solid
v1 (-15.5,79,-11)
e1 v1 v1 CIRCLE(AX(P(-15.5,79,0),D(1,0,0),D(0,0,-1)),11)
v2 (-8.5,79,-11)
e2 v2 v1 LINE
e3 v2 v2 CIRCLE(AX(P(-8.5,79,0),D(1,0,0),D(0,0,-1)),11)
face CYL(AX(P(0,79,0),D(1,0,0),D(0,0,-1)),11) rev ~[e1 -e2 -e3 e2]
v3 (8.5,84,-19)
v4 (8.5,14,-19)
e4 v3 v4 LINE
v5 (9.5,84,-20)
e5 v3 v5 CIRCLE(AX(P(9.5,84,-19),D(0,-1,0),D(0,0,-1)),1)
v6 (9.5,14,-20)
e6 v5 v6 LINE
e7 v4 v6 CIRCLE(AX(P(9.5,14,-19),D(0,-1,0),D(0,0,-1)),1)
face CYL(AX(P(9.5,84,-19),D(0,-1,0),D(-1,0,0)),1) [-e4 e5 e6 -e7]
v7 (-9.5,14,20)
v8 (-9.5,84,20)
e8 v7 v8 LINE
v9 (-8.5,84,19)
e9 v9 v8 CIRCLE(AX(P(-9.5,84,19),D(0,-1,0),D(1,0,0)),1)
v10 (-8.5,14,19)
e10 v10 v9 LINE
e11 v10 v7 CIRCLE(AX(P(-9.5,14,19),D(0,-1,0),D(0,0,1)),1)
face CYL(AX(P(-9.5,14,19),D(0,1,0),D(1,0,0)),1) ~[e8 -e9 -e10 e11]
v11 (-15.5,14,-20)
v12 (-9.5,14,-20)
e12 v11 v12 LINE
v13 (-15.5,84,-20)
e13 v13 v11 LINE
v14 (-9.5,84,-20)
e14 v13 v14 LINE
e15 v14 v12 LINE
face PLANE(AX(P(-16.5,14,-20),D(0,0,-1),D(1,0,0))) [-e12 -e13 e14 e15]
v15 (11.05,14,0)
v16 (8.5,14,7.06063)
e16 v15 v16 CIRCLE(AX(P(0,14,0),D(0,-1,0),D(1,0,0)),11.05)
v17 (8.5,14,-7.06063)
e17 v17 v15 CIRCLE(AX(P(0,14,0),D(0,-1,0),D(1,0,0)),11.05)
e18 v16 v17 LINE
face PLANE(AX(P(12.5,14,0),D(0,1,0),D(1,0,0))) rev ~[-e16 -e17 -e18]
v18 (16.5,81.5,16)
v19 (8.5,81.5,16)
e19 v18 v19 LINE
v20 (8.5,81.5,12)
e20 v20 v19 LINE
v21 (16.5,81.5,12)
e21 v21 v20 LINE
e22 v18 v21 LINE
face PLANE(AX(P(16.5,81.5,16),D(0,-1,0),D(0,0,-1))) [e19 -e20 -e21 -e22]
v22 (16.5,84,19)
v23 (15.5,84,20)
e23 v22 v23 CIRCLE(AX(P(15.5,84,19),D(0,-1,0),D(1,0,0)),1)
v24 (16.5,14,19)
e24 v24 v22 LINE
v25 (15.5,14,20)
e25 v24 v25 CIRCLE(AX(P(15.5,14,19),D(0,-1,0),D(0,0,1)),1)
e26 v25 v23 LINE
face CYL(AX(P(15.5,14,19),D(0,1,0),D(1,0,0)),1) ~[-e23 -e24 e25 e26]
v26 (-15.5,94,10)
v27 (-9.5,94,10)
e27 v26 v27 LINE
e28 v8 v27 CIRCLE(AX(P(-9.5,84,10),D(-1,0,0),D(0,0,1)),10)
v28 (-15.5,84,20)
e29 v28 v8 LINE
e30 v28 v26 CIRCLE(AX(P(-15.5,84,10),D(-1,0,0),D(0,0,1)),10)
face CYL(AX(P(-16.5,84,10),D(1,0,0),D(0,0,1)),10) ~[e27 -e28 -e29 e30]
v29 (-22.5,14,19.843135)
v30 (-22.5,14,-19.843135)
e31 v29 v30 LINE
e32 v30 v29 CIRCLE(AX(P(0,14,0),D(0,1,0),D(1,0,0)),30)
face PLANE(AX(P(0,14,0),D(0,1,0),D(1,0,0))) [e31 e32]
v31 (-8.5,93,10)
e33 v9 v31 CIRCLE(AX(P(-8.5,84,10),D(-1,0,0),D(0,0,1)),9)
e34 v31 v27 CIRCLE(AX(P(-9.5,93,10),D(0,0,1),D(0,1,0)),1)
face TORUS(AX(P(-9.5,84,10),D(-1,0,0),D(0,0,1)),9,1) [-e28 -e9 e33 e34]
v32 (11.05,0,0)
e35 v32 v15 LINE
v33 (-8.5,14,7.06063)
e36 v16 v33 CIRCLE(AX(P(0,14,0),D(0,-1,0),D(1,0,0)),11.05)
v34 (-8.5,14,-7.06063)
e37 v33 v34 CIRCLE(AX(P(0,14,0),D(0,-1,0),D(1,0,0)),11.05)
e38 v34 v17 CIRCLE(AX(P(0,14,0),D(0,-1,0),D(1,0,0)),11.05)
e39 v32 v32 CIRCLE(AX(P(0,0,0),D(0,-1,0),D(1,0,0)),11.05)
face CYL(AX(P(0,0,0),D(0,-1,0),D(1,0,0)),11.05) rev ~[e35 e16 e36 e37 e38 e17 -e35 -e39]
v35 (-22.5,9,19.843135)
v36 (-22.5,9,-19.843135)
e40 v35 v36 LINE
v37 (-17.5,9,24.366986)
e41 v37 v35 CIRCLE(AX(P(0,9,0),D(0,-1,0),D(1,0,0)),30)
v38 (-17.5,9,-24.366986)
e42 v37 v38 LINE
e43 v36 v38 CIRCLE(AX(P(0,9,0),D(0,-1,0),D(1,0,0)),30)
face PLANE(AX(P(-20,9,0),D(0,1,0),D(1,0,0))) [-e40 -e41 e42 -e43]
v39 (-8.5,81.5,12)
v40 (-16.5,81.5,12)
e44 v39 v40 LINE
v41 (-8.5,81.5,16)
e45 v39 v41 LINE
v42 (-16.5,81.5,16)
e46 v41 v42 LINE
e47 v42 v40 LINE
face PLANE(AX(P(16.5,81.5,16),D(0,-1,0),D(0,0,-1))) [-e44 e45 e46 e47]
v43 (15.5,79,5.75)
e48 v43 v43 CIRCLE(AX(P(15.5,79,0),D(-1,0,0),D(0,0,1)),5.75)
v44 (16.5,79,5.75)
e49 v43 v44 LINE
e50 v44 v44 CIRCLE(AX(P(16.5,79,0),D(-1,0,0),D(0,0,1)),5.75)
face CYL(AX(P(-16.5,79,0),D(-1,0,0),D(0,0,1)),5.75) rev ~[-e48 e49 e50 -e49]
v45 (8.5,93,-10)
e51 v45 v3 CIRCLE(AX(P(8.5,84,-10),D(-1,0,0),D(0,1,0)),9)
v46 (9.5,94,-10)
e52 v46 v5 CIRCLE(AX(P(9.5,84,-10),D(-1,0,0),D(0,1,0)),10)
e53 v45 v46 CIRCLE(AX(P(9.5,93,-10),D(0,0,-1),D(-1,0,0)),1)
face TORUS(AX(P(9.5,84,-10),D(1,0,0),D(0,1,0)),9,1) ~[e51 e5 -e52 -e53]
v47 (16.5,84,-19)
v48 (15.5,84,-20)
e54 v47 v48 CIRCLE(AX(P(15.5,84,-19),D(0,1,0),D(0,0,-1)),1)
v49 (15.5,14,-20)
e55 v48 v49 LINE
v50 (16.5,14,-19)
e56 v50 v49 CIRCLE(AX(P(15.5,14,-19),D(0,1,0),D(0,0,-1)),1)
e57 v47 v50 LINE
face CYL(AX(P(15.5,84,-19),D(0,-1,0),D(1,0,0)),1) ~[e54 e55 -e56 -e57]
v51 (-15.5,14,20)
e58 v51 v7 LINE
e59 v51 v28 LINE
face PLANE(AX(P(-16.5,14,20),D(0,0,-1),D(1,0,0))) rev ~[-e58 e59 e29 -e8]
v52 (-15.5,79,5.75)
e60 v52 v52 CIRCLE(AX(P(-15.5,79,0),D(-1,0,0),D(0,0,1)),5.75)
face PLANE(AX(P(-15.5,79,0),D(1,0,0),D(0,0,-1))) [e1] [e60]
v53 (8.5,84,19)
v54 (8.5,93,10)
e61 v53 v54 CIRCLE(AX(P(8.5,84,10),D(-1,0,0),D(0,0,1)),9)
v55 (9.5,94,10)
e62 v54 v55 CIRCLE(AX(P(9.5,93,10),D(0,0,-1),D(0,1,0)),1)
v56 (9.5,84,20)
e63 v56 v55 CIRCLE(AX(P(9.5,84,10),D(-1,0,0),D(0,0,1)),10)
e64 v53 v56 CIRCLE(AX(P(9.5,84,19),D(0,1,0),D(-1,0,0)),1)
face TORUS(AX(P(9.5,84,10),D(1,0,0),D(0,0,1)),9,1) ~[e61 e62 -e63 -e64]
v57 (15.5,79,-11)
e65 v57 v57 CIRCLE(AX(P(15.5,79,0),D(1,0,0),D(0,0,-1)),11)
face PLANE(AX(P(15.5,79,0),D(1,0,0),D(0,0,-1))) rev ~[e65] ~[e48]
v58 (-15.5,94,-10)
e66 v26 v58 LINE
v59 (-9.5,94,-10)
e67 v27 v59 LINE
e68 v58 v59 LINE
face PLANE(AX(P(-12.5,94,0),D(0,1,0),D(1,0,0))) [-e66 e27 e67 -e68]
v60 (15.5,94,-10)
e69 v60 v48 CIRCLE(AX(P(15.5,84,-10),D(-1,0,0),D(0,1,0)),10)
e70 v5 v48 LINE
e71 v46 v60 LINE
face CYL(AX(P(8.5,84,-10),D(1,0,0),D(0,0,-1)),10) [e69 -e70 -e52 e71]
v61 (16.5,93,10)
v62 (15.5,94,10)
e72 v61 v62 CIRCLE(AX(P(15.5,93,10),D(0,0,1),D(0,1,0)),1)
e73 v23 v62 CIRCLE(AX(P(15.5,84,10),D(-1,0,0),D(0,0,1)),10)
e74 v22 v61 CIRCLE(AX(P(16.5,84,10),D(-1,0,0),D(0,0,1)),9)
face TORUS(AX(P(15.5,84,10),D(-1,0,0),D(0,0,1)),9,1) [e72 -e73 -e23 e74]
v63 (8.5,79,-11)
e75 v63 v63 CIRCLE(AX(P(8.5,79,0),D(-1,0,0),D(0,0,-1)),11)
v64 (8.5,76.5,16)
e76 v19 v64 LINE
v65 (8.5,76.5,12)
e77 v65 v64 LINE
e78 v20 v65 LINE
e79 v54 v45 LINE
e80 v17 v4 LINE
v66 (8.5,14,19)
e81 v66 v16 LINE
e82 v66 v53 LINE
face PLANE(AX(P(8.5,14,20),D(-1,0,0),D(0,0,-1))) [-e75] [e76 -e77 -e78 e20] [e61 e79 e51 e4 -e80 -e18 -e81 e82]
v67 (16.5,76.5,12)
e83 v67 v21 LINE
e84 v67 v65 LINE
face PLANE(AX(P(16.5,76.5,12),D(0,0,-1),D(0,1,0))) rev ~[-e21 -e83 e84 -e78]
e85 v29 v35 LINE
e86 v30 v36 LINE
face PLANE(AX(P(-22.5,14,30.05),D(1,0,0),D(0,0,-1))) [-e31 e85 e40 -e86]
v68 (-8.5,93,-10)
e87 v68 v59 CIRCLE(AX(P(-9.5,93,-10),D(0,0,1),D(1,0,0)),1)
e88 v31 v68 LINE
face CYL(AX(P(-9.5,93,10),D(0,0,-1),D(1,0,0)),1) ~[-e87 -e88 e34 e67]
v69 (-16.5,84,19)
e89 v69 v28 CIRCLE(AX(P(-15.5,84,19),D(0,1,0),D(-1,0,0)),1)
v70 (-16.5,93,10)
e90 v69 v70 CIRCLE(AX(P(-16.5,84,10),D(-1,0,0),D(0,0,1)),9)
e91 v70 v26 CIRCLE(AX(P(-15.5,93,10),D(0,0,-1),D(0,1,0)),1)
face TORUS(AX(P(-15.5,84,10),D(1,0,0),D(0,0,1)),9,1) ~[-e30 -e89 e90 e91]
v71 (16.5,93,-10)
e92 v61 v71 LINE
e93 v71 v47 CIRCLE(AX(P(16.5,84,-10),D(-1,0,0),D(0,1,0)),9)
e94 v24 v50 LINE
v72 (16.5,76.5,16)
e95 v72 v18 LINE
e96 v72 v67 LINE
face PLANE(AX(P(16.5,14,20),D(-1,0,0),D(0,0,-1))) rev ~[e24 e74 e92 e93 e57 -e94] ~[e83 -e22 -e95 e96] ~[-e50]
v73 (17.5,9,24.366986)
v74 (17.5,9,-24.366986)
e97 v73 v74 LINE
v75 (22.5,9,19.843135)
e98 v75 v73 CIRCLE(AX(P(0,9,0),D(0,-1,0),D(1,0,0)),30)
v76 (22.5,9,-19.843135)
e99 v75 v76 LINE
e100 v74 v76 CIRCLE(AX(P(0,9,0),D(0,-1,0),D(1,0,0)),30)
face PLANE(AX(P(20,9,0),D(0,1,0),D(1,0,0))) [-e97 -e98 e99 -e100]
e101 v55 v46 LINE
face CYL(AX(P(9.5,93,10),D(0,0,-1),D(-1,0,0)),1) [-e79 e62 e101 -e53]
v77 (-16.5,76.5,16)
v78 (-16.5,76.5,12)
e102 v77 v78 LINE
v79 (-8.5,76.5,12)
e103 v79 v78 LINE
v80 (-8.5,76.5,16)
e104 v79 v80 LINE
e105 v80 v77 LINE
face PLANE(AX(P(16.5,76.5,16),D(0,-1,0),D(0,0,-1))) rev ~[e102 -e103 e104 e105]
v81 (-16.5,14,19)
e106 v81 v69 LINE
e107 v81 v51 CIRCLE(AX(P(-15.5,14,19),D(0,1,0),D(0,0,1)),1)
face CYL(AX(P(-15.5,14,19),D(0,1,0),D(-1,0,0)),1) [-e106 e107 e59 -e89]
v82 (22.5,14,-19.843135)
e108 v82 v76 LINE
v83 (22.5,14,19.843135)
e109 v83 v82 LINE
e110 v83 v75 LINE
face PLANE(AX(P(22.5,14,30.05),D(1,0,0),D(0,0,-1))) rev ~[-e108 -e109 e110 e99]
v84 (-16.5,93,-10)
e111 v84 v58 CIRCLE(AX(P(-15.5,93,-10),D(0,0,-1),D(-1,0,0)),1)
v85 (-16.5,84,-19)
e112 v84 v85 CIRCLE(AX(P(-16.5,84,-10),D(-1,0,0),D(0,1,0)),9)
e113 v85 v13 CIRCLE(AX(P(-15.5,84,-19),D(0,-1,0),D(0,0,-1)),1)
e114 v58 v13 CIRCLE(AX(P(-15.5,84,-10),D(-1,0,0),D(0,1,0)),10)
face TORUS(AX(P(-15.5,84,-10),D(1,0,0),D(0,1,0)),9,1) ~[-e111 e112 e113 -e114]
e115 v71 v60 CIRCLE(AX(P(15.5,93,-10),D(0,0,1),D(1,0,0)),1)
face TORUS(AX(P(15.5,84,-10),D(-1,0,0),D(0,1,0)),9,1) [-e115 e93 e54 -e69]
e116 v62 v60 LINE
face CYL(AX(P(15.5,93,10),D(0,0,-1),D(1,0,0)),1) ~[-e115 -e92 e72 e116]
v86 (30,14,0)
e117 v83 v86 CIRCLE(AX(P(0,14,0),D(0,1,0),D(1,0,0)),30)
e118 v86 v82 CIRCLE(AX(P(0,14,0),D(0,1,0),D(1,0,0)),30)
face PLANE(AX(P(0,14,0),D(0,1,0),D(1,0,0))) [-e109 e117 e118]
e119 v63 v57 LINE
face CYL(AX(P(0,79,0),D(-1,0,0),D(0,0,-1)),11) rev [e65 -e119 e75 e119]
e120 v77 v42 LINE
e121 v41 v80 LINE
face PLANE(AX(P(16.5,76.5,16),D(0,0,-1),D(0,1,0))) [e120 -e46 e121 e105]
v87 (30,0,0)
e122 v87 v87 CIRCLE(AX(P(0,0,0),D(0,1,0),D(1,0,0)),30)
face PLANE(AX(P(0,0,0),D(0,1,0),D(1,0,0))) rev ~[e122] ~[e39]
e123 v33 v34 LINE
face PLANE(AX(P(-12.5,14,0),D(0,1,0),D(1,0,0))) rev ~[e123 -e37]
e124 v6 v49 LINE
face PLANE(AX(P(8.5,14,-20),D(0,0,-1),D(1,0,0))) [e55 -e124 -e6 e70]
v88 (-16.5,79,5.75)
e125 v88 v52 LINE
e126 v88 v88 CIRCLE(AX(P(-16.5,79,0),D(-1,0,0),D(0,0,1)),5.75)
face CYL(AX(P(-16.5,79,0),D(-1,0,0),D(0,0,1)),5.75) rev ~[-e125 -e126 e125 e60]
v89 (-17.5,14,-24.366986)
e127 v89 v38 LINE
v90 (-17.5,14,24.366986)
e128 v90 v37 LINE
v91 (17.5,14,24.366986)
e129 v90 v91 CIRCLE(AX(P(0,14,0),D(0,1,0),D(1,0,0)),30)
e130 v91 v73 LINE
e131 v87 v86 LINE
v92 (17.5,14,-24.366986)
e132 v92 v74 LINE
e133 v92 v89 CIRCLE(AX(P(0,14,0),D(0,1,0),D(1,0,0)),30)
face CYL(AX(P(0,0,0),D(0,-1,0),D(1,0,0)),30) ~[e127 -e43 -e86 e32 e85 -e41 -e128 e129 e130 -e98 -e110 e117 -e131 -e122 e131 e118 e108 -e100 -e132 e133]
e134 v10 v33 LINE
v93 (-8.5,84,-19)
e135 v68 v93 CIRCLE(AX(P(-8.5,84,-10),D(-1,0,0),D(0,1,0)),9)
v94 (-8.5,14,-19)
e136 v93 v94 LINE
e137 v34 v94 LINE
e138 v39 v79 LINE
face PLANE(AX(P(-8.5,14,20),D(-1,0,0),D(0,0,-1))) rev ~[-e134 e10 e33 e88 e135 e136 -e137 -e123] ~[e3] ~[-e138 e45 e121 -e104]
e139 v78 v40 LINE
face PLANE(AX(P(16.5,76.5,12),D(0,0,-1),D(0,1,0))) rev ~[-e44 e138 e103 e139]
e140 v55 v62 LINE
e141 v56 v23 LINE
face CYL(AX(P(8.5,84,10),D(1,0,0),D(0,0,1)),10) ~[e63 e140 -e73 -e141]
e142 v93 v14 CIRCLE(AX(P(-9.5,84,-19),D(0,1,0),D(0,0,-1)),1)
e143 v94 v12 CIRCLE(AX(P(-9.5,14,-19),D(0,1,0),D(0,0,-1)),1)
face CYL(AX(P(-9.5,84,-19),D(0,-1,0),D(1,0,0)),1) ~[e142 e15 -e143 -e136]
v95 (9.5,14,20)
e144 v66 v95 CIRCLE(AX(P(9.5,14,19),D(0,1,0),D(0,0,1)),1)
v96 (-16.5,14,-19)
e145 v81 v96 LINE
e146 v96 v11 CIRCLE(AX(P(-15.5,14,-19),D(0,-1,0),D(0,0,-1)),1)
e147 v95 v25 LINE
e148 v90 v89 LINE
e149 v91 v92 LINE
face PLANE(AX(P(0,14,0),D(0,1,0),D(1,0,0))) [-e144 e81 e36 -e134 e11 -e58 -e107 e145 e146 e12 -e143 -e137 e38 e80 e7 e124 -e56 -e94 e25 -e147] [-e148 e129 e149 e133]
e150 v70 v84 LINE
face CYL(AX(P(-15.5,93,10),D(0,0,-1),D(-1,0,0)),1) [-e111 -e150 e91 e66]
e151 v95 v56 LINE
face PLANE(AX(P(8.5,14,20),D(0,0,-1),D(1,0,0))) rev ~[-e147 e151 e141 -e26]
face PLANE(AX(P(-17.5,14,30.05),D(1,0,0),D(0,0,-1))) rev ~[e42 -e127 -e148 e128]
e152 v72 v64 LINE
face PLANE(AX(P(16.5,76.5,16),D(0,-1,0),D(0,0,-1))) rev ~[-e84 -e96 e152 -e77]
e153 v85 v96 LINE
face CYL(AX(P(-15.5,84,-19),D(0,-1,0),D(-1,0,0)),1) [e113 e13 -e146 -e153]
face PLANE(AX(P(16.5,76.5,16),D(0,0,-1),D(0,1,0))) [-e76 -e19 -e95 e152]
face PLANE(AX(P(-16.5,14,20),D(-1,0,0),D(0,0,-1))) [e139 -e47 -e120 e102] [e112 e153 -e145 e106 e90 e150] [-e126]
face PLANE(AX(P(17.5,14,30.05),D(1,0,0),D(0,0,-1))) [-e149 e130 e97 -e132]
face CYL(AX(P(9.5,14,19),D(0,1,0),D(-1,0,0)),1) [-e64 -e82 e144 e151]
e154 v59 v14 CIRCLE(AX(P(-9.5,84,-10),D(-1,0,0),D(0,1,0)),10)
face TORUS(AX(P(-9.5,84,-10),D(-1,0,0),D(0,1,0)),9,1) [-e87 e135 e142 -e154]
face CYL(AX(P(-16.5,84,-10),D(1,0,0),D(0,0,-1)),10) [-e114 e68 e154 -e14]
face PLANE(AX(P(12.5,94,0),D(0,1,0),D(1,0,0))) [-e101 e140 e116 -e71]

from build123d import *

# Parameters (mm, degrees)
SKETCH1_R               = 30
BOSS_EXTRUDE1_DEPTH     = 14
SKETCH2_R               = 11.05
CUT_EXTRUDE1_DEPTH      = 15
SKETCH5_W               = 8
SKETCH5_H               = 40
BOSS_EXTRUDE2_DEPTH     = 80
FILLET1_R               = 10
SKETCH12_R              = 11
CUT_EXTRUDE5_DEPTH      = 15.5
CUT_EXTRUDE5_DEPTH_BACK = 15.5
SKETCH13_R              = 5.75
CUT_EXTRUDE6_DEPTH      = 33
SKETCH14_W              = 5
SKETCH14_H              = 60.1
CUT_EXTRUDE7_DEPTH      = 5
FILLET2_R               = 1
FILLET3_R               = 1
SKETCH15_W              = 4
SKETCH15_H              = 5
CUT_EXTRUDE14_DEPTH     = 33


with BuildPart() as part:
    # Sketch1 → Boss-Extrude1 (new body)
    with BuildSketch(Plane(origin=(0, 0, 0), x_dir=(1, 0, 0), z_dir=(0, 1, 0))):
        Circle(SKETCH1_R)
    extrude(amount=BOSS_EXTRUDE1_DEPTH)

    # Sketch2 → Cut-Extrude1 (cut, through all)
    with BuildSketch(Plane.XZ):
        Circle(SKETCH2_R)
    extrude(amount=-CUT_EXTRUDE1_DEPTH, mode=Mode.SUBTRACT)

    # Sketch5 → Boss-Extrude2 (add)
    with BuildSketch(Plane(origin=(0, 14, 0), x_dir=(1, 0, 0), z_dir=(0, 1, 0))):
        with Locations((-12.5, 0)):
            Rectangle(SKETCH5_W, SKETCH5_H)
        with Locations((12.5, 0)):
            Rectangle(SKETCH5_W, SKETCH5_H)
    extrude(amount=BOSS_EXTRUDE2_DEPTH)

    # Fillet1
    fillet1_edges = [part.edges().sort_by_distance(p)[0] for p in [
        (-12.5, 94, 20),
        (-12.5, 94, -20),
        (12.5, 94, 20),
        (12.5, 94, -20),
    ]]
    fillet(fillet1_edges, radius=FILLET1_R)

    # Sketch12 → Cut-Extrude5 (cut, two sides)
    with BuildSketch(Plane(origin=(0, 0, 0), x_dir=(0, 0, -1), z_dir=(1, 0, 0))) as cut_extrude5_sk:
        with Locations((0, 79)):
            Circle(SKETCH12_R)
    extrude(amount=CUT_EXTRUDE5_DEPTH, mode=Mode.SUBTRACT)
    extrude(cut_extrude5_sk.sketch, amount=-CUT_EXTRUDE5_DEPTH_BACK, mode=Mode.SUBTRACT)

    # Sketch13 → Cut-Extrude6 (cut)
    with BuildSketch(Plane.ZY.offset(16.5)):
        with Locations((0, 79)):
            Circle(SKETCH13_R)
    extrude(amount=-CUT_EXTRUDE6_DEPTH, mode=Mode.SUBTRACT)

    # Sketch14 → Cut-Extrude7 (cut)
    with BuildSketch(Plane(origin=(0, 14, 0), x_dir=(1, 0, 0), z_dir=(0, 1, 0))):
        with Locations((-20, 0)):
            Rectangle(SKETCH14_W, SKETCH14_H)
        with Locations((20, 0)):
            Rectangle(SKETCH14_W, SKETCH14_H)
    extrude(amount=-CUT_EXTRUDE7_DEPTH, mode=Mode.SUBTRACT)

    # Fillet2
    fillet2_edges = [part.edges().sort_by_distance(p)[0] for p in [
        (-16.5, 94, 0),
        (-16.5, 49, 20),
        (-16.5, 49, -20),
        (-16.5, 91.071067812, 17.071067812),
        (-16.5, 91.071067812, -17.071067812),
        (16.5, 94, 0),
        (16.5, 49, -20),
        (16.5, 49, 20),
        (16.5, 91.071067812, 17.071067812),
        (16.5, 91.071067812, -17.071067812),
    ]]
    fillet(fillet2_edges, radius=FILLET2_R)

    # Fillet3
    fillet3_edges = [part.edges().sort_by_distance(p)[0] for p in [
        (-8.5, 94, 0),
        (-8.5, 49, -20),
        (-8.5, 49, 20),
        (-8.5, 91.071067812, 17.071067812),
        (-8.5, 91.071067812, -17.071067812),
        (8.5, 94, 0),
        (8.5, 49, 20),
        (8.5, 49, -20),
        (8.5, 91.071067812, 17.071067812),
        (8.5, 91.071067812, -17.071067812),
    ]]
    fillet(fillet3_edges, radius=FILLET3_R)

    # Sketch15 → Cut-Extrude14 (cut)
    with BuildSketch(Plane(origin=(16.5, 0, 0), x_dir=(0, 0, -1), z_dir=(1, 0, 0))):
        with Locations((-14, 79)):
            Rectangle(SKETCH15_W, SKETCH15_H)
    extrude(amount=-CUT_EXTRUDE14_DEPTH, mode=Mode.SUBTRACT)


solid = part.part
